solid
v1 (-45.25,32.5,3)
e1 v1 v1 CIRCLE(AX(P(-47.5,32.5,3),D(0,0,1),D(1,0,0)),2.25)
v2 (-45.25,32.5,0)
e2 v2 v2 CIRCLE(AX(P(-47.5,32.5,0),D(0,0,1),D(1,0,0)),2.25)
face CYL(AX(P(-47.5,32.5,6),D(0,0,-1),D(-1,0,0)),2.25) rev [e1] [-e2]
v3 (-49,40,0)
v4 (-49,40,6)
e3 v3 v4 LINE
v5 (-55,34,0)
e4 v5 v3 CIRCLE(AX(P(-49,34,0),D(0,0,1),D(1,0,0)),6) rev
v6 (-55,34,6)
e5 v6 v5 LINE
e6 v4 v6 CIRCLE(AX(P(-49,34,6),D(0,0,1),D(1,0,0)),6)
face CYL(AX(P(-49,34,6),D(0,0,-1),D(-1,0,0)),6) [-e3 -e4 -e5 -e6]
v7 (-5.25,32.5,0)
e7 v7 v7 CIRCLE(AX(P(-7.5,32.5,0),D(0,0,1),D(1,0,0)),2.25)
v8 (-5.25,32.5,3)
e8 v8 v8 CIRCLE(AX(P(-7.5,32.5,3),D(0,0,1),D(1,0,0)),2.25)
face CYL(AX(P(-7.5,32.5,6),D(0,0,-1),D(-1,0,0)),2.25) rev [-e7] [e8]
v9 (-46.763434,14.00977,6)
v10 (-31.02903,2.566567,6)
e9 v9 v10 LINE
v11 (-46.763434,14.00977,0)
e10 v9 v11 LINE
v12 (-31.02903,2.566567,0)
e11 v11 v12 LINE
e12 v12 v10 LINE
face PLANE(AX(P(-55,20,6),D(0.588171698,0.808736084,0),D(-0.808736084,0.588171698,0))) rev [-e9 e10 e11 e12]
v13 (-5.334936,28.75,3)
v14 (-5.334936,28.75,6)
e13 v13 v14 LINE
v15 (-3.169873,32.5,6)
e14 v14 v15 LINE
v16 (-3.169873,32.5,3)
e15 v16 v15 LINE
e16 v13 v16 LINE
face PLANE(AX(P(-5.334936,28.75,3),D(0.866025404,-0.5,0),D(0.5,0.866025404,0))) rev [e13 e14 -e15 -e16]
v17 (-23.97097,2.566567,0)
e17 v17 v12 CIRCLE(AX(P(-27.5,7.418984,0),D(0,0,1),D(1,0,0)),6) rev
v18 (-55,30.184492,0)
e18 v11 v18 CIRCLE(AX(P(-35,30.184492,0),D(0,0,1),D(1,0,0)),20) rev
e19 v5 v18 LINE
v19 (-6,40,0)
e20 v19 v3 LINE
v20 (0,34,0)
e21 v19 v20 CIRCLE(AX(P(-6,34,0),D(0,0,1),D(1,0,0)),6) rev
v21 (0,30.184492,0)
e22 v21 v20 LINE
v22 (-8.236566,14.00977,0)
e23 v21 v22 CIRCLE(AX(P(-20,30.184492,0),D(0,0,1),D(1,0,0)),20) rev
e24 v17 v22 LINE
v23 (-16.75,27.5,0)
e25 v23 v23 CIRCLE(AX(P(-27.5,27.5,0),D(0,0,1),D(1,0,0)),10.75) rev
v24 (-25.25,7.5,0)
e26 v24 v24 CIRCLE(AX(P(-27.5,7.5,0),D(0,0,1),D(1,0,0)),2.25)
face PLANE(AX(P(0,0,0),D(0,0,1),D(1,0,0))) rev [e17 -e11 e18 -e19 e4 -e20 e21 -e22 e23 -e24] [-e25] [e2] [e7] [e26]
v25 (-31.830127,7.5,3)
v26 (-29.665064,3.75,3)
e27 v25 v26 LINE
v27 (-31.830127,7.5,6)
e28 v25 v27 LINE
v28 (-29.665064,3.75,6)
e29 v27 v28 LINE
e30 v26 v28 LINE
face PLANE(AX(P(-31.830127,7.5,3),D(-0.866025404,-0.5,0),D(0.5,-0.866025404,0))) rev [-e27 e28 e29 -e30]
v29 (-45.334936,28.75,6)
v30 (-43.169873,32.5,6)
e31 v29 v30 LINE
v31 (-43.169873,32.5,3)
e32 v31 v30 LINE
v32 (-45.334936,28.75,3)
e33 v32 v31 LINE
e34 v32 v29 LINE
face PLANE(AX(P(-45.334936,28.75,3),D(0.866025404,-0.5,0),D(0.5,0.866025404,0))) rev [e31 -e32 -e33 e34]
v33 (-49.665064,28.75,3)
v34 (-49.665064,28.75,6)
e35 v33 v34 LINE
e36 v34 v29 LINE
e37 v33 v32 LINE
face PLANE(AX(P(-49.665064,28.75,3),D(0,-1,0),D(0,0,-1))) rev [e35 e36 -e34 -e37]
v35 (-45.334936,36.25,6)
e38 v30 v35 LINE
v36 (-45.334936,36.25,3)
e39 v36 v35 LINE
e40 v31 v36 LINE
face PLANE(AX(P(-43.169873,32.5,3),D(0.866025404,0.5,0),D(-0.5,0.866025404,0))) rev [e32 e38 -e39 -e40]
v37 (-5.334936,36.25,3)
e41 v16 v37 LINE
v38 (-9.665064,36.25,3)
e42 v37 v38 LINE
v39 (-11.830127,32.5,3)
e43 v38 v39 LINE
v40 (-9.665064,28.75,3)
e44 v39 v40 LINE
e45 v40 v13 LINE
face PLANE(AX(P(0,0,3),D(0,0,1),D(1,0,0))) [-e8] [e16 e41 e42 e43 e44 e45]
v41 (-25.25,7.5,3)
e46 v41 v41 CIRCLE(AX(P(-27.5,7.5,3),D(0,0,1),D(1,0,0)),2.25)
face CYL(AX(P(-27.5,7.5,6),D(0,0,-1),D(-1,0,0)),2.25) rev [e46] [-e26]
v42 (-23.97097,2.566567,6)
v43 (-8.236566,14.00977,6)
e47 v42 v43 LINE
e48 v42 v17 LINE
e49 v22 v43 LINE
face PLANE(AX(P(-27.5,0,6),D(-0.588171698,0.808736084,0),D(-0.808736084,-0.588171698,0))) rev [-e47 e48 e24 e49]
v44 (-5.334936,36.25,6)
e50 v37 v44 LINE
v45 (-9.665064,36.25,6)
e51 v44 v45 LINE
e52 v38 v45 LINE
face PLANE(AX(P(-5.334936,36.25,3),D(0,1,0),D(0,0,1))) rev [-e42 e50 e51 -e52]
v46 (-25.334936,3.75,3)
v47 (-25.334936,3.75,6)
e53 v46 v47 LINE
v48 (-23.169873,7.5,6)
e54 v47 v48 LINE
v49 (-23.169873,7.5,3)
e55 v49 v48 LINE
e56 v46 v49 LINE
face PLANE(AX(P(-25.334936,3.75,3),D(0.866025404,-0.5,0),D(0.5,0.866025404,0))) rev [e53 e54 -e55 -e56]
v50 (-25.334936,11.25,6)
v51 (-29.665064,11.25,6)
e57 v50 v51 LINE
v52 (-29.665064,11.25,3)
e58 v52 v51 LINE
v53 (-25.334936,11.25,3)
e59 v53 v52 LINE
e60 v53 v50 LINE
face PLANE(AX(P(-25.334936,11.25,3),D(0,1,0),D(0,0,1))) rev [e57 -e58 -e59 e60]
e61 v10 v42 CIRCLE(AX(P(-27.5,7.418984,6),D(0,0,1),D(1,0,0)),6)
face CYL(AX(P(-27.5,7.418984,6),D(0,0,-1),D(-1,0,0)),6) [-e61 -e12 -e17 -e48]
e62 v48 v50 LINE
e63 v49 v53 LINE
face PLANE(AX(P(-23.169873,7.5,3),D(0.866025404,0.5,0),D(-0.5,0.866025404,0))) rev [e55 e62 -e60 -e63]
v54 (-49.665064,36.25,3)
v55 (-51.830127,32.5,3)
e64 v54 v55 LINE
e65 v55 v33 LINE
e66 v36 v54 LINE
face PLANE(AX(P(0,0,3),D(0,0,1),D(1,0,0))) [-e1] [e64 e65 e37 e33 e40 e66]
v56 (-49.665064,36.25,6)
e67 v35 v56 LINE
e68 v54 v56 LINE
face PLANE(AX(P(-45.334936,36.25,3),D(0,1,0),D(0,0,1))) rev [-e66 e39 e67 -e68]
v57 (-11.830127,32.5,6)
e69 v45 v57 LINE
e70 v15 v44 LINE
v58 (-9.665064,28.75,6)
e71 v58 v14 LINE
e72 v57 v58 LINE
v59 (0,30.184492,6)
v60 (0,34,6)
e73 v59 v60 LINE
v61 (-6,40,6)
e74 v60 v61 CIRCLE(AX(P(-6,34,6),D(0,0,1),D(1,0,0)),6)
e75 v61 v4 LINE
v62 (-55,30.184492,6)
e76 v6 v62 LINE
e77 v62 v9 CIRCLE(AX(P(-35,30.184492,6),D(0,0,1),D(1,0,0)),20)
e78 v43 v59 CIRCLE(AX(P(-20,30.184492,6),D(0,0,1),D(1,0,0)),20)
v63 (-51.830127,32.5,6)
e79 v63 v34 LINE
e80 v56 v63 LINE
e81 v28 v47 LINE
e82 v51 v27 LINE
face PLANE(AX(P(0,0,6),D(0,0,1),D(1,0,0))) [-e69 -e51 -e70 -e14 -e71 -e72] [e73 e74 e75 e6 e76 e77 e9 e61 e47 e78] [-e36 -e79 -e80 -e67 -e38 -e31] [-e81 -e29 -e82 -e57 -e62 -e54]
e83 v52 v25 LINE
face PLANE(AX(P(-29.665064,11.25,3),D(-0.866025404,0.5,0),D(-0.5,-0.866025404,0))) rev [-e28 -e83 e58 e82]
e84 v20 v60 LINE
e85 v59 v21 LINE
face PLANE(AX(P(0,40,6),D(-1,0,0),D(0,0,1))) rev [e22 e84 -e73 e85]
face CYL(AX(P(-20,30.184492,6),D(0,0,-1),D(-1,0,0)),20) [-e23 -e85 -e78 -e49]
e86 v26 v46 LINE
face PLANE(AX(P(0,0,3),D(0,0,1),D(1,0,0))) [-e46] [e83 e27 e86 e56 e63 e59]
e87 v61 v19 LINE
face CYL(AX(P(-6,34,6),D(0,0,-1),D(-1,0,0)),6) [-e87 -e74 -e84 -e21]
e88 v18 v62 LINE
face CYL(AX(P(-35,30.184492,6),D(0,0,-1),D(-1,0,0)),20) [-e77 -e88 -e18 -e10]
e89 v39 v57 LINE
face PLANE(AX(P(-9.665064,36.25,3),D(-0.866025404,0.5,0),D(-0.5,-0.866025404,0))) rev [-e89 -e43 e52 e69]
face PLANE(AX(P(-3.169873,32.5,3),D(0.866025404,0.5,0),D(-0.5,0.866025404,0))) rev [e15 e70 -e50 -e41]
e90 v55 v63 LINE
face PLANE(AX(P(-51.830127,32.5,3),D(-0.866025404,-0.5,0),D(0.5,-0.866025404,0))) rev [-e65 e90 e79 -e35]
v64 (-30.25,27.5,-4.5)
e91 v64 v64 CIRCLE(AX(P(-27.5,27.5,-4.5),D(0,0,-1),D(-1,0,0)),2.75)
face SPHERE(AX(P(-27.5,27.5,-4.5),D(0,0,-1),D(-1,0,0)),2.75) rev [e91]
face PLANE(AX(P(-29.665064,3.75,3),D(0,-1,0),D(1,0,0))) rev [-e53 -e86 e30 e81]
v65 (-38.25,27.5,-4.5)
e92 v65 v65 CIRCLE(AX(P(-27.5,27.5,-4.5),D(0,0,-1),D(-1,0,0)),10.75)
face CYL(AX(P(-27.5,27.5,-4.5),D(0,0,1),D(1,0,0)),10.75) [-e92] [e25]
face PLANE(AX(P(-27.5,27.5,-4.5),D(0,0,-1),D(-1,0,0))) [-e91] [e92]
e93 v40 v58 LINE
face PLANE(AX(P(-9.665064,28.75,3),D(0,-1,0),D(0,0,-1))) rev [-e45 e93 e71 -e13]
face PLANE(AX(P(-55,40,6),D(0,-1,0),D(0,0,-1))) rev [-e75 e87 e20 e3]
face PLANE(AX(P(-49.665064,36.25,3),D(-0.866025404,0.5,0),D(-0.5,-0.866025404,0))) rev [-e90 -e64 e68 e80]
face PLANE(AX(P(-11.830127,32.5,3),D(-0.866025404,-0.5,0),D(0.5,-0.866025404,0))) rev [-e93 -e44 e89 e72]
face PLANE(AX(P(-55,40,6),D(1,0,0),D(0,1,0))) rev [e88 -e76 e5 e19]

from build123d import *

# Parameters (mm, degrees)
ESQUISSE1_R             = 2.25
BOSS_EXTRU_1_DEPTH      = 6
CONG_2_R                = 6
CONG_3_R                = 20
ESQUISSE2_R             = 10.75
BOSS_EXTRU_2_DEPTH      = 4.5
ENL_V_MAT_EXTRU_1_DEPTH = 3


with BuildPart() as part:
    # Esquisse1 → Boss.-Extru.1 (new body)
    with BuildSketch(Plane.XY):
        Polygon((-55, 20), (-27.5, 0), (0, 20), (0, 40), (-55, 40), align=None)
        with Locations((-47.5, 32.5)):
            Circle(ESQUISSE1_R, mode=Mode.SUBTRACT)
        with Locations((-7.5, 32.5)):
            Circle(ESQUISSE1_R, mode=Mode.SUBTRACT)
        with Locations((-27.5, 7.5)):
            Circle(ESQUISSE1_R, mode=Mode.SUBTRACT)
    extrude(amount=BOSS_EXTRU_1_DEPTH)

    # Congé2
    cong_2_edges = [part.edges().sort_by_distance(p)[0] for p in [
        (-55, 40, 3),
        (0, 40, 3),
        (-27.5, 0, 3),
    ]]
    fillet(cong_2_edges, radius=CONG_2_R)

    # Congé3
    cong_3_edges = [part.edges().sort_by_distance(p)[0] for p in [
        (0, 20, 3),
        (-55, 20, 3),
    ]]
    fillet(cong_3_edges, radius=CONG_3_R)

    # Esquisse2 → Boss.-Extru.2 (add)
    with BuildSketch(Plane(origin=(0, 0, 0), x_dir=(-1, 0, 0), z_dir=(0, 0, -1))):
        with Locations(Location((27.5, 27.5, 0), (0, 0, 180))):  # turned: the seam where the file's is
            Circle(ESQUISSE2_R)
    extrude(amount=BOSS_EXTRU_2_DEPTH)

    # Esquisse3 → Enlèvement de matière-Révolution5 (revolve, cut)
    with BuildSketch(Plane(origin=(0, 0, -4.5), x_dir=(-1, 0, 0), z_dir=(0, 0, -1))):
        with BuildLine():
            Line((27.5, 30.25), (27.5, 24.75))
            ThreePointArc((27.5, 24.75), (24.75, 27.5), (27.5, 30.25))
        make_face()
    revolve(axis=Axis((-27.5, 30.25, -4.5), (0, -1, 0)), mode=Mode.SUBTRACT)

    # Esquisse4 → Enlèv. mat.-Extru.1 (cut)
    with BuildSketch(Plane.XY.offset(6)):
        Polygon((-43.169872981, 32.5), (-45.334936491, 36.25), (-49.665063509, 36.25), (-51.830127019, 32.5), (-49.665063509, 28.75), (-45.334936491, 28.75), align=None)
        Polygon((-11.830127019, 32.5), (-9.665063509, 28.75), (-5.334936491, 28.75), (-3.169872981, 32.5), (-5.334936491, 36.25), (-9.665063509, 36.25), align=None)
        Polygon((-23.169872981, 7.5), (-25.334936491, 11.25), (-29.665063509, 11.25), (-31.830127019, 7.5), (-29.665063509, 3.75), (-25.334936491, 3.75), align=None)
    extrude(amount=-ENL_V_MAT_EXTRU_1_DEPTH, mode=Mode.SUBTRACT)


solid = part.part
